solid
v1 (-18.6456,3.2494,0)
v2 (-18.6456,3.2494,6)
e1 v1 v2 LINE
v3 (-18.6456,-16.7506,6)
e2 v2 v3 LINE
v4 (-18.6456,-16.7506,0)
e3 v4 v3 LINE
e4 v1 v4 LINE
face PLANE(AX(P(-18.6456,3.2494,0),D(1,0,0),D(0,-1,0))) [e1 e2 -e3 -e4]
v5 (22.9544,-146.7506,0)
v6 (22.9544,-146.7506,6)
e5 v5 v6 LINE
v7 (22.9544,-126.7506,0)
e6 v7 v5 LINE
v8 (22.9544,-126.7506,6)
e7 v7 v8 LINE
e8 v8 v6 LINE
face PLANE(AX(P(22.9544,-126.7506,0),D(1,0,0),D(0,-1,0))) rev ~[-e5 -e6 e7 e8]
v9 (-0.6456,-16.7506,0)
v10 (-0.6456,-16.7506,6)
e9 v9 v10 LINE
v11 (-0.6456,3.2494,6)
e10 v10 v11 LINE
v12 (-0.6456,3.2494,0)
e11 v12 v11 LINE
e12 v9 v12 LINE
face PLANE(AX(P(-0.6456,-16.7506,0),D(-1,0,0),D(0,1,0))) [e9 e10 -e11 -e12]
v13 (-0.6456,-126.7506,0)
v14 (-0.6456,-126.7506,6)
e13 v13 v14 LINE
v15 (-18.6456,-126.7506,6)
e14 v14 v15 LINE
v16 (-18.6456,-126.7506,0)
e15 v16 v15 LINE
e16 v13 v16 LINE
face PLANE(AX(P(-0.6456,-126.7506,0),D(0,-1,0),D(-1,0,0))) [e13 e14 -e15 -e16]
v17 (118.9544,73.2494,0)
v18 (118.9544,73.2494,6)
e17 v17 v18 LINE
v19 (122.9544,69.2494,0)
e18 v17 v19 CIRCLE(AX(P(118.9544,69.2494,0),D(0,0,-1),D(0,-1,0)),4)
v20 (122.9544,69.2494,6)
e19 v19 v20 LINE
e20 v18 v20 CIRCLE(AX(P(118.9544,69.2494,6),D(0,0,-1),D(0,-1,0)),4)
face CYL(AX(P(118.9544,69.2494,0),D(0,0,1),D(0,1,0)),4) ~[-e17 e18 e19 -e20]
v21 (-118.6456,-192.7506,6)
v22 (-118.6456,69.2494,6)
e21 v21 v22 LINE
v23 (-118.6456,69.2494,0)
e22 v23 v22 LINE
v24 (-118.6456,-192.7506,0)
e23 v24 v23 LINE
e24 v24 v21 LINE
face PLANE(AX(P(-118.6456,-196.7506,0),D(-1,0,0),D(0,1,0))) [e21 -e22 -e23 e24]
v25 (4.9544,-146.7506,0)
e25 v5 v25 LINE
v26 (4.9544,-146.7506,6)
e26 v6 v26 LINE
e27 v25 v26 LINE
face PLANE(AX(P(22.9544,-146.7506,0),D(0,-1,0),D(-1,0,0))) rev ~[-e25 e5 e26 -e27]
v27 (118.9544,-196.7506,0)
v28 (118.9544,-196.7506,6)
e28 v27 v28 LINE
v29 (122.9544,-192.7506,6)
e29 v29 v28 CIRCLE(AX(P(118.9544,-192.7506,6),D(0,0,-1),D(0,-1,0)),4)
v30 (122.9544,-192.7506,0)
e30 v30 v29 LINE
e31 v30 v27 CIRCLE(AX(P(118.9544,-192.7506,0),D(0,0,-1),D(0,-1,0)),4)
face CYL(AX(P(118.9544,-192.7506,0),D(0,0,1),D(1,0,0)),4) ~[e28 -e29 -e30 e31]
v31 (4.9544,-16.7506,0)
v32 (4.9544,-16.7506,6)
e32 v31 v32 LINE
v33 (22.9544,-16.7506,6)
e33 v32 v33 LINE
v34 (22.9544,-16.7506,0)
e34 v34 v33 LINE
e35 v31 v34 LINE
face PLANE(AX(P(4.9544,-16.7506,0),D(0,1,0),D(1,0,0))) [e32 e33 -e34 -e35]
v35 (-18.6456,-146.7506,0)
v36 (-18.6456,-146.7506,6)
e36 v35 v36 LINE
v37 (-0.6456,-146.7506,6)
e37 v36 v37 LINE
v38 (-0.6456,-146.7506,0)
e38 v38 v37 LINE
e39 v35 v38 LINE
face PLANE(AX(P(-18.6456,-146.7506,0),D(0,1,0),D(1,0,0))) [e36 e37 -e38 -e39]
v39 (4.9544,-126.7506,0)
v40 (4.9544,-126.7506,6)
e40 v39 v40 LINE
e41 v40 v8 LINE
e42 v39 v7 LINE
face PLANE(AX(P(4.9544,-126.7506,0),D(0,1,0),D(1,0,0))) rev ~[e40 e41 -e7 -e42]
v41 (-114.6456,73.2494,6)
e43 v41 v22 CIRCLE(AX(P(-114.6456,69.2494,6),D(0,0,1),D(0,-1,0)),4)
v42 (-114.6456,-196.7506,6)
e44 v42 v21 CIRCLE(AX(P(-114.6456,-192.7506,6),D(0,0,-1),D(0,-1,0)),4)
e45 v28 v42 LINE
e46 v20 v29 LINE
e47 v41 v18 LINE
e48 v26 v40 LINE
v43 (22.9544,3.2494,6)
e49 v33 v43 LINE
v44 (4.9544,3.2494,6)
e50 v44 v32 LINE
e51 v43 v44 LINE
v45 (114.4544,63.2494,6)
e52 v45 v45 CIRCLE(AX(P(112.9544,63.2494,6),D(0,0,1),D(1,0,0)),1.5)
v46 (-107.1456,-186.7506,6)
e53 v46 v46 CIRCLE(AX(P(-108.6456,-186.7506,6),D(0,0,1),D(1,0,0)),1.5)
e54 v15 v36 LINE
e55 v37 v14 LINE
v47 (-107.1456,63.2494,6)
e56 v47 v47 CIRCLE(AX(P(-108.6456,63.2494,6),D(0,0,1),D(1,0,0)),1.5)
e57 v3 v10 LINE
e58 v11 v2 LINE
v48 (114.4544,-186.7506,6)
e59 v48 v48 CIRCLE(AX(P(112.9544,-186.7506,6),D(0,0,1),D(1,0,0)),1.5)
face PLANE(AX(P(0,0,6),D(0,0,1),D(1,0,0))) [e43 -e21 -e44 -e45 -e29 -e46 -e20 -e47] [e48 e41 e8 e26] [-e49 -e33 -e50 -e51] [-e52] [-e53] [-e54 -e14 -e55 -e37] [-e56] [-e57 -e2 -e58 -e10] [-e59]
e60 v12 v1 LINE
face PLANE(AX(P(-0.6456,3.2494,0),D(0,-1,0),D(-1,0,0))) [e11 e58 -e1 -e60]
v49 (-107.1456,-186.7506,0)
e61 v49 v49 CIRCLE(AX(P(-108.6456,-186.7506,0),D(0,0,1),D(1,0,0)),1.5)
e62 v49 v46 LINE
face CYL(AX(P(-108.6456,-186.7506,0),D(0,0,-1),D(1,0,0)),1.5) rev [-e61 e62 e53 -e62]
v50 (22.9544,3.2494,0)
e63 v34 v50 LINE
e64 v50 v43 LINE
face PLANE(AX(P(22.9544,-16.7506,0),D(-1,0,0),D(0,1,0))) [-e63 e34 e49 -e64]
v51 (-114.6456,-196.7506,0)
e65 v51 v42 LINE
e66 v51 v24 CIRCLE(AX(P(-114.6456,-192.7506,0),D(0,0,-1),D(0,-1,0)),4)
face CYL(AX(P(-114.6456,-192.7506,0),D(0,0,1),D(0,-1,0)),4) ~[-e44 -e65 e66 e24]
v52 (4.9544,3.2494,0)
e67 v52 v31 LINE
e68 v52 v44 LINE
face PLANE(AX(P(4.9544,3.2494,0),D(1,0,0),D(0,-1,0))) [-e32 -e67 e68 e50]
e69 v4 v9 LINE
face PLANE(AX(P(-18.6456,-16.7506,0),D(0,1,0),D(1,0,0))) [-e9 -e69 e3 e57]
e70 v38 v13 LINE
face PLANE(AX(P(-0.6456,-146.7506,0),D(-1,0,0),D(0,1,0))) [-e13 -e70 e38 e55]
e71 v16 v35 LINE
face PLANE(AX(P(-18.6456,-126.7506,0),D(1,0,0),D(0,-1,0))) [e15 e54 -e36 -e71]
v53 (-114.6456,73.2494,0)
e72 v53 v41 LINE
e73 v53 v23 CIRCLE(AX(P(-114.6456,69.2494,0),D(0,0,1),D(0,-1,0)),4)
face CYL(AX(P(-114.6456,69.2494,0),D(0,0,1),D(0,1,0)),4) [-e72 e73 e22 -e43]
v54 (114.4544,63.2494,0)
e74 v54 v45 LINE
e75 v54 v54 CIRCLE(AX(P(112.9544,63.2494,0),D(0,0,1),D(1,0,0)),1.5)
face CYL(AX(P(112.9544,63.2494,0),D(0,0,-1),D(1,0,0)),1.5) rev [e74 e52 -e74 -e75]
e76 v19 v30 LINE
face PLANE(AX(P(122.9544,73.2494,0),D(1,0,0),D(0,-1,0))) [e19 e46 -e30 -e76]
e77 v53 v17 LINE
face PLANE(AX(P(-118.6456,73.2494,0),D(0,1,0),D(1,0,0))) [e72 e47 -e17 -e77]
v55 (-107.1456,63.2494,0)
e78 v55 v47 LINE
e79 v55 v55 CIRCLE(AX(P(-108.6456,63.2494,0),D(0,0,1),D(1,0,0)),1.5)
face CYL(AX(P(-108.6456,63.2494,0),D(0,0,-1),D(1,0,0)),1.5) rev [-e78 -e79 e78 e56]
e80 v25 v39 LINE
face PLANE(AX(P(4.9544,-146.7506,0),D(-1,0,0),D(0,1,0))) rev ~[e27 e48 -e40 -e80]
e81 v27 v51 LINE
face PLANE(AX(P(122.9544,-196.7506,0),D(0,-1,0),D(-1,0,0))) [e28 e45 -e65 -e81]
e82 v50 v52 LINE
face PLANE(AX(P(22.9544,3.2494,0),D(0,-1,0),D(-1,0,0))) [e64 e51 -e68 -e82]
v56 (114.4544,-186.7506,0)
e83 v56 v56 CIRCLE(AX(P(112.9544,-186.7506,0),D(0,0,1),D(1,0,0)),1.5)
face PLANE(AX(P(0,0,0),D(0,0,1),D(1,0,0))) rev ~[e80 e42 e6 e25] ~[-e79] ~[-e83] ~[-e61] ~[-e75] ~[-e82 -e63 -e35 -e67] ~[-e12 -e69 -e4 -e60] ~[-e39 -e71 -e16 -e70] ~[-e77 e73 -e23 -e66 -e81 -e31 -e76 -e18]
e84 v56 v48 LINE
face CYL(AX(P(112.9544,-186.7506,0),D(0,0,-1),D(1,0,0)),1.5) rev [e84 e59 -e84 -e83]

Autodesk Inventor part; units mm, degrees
ref_plane "YZ Plane" through (0, 0, 0) normal (1, 0, 0) x (0, 1, 0)
ref_plane "XZ Plane" through (0, 0, 0) normal (0, 1, 0) x (-1, 0, 0)
ref_plane "XY Plane" through (0, 0, 0) normal (0, 0, 1) x (1, 0, 0)
sketch "Sketch1" plane through (0, 0, 0) normal (0, 0, 1) x (1, 0, 0)
  line L0 (-118.6456, 73.2494) -> (122.9544, 73.2494)
  line L1 (122.9544, 73.2494) -> (122.9544, -196.7506)
  line L2 (122.9544, -196.7506) -> (-118.6456, -196.7506)
  line L3 (-118.6456, -196.7506) -> (-118.6456, 73.2494)
  circle A0 centre (-108.6456, 63.2494) radius 1.5
  circle A1 centre (112.9544, 63.2494) radius 1.5
  circle A2 centre (-108.6456, -186.7506) radius 1.5
  circle A3 centre (112.9544, -186.7506) radius 1.5
  point P0 (0, 0)
  dimension "d0" = 241.6
  dimension "d1" = 270
  dimension "d2" = 10
  dimension "d3" = 10
  dimension "d4" = 3
  dimension "d5" = 10
  dimension "d6" = 10
  dimension "d7" = 3
  dimension "d8" = 10
  dimension "d9" = 10
  dimension "d10" = 3
  dimension "d11" = 10
  dimension "d12" = 10
  dimension "d13" = 3
extrude "Extrusion1" add sketch "Sketch1" along normal blind 6
fillet "Fillet1" radius 4 4 edges at (-118.6456, 73.2494, 3) (122.9544, 73.2494, 3) (122.9544, -196.7506, 3) (-118.6456, -196.7506, 3)
sketch "Sketch2" plane through (0, 0, 0) normal (0, 0, -1) x (-1, 0, 0)
  line L0 (-22.9544, 3.2494) -> (-4.9544, 3.2494)
  line L1 (-4.9544, 3.2494) -> (-4.9544, -16.7506)
  line L2 (-4.9544, -16.7506) -> (-22.9544, -16.7506)
  line L3 (-22.9544, -16.7506) -> (-22.9544, 3.2494)
  line L4 (18.6456, -16.7506) -> (0.6456, -16.7506)
  line L5 (0.6456, -16.7506) -> (0.6456, 3.2494)
  line L6 (0.6456, 3.2494) -> (18.6456, 3.2494)
  line L7 (18.6456, 3.2494) -> (18.6456, -16.7506)
  line L8 (-22.9544, -146.7506) -> (-4.9544, -146.7506)
  line L9 (-4.9544, -146.7506) -> (-4.9544, -126.7506)
  line L10 (-4.9544, -126.7506) -> (-22.9544, -126.7506)
  line L11 (-22.9544, -126.7506) -> (-22.9544, -146.7506)
  line L12 (0.6456, -126.7506) -> (18.6456, -126.7506)
  line L13 (18.6456, -126.7506) -> (18.6456, -146.7506)
  line L14 (18.6456, -146.7506) -> (0.6456, -146.7506)
  line L15 (0.6456, -146.7506) -> (0.6456, -126.7506)
  line L16 (-122.9544, -192.7506) -> (-122.9544, 69.2494) projected
  line L17 (-118.9544, 73.2494) -> (114.6456, 73.2494) projected
  line L18 (118.6456, 69.2494) -> (118.6456, -192.7506) projected
  line L19 (114.6456, -196.7506) -> (-118.9544, -196.7506) projected
  point P0 (0, 0)
  dimension "d17" = 100
  dimension "d18" = 18
  dimension "d19" = 20
  dimension "d20" = 70
  dimension "d21" = 18
  dimension "d22" = 100
  dimension "d23" = 20
  dimension "d24" = 70
  dimension "d25" = 70
  dimension "d26" = 70
  dimension "d27" = 100
  dimension "d28" = 100
  dimension "d29" = 20
  dimension "d30" = 18
  dimension "d31" = 20
extrude "Extrusion3" cut sketch "Sketch2" against normal blind 6
properties part number "Etage 1"
